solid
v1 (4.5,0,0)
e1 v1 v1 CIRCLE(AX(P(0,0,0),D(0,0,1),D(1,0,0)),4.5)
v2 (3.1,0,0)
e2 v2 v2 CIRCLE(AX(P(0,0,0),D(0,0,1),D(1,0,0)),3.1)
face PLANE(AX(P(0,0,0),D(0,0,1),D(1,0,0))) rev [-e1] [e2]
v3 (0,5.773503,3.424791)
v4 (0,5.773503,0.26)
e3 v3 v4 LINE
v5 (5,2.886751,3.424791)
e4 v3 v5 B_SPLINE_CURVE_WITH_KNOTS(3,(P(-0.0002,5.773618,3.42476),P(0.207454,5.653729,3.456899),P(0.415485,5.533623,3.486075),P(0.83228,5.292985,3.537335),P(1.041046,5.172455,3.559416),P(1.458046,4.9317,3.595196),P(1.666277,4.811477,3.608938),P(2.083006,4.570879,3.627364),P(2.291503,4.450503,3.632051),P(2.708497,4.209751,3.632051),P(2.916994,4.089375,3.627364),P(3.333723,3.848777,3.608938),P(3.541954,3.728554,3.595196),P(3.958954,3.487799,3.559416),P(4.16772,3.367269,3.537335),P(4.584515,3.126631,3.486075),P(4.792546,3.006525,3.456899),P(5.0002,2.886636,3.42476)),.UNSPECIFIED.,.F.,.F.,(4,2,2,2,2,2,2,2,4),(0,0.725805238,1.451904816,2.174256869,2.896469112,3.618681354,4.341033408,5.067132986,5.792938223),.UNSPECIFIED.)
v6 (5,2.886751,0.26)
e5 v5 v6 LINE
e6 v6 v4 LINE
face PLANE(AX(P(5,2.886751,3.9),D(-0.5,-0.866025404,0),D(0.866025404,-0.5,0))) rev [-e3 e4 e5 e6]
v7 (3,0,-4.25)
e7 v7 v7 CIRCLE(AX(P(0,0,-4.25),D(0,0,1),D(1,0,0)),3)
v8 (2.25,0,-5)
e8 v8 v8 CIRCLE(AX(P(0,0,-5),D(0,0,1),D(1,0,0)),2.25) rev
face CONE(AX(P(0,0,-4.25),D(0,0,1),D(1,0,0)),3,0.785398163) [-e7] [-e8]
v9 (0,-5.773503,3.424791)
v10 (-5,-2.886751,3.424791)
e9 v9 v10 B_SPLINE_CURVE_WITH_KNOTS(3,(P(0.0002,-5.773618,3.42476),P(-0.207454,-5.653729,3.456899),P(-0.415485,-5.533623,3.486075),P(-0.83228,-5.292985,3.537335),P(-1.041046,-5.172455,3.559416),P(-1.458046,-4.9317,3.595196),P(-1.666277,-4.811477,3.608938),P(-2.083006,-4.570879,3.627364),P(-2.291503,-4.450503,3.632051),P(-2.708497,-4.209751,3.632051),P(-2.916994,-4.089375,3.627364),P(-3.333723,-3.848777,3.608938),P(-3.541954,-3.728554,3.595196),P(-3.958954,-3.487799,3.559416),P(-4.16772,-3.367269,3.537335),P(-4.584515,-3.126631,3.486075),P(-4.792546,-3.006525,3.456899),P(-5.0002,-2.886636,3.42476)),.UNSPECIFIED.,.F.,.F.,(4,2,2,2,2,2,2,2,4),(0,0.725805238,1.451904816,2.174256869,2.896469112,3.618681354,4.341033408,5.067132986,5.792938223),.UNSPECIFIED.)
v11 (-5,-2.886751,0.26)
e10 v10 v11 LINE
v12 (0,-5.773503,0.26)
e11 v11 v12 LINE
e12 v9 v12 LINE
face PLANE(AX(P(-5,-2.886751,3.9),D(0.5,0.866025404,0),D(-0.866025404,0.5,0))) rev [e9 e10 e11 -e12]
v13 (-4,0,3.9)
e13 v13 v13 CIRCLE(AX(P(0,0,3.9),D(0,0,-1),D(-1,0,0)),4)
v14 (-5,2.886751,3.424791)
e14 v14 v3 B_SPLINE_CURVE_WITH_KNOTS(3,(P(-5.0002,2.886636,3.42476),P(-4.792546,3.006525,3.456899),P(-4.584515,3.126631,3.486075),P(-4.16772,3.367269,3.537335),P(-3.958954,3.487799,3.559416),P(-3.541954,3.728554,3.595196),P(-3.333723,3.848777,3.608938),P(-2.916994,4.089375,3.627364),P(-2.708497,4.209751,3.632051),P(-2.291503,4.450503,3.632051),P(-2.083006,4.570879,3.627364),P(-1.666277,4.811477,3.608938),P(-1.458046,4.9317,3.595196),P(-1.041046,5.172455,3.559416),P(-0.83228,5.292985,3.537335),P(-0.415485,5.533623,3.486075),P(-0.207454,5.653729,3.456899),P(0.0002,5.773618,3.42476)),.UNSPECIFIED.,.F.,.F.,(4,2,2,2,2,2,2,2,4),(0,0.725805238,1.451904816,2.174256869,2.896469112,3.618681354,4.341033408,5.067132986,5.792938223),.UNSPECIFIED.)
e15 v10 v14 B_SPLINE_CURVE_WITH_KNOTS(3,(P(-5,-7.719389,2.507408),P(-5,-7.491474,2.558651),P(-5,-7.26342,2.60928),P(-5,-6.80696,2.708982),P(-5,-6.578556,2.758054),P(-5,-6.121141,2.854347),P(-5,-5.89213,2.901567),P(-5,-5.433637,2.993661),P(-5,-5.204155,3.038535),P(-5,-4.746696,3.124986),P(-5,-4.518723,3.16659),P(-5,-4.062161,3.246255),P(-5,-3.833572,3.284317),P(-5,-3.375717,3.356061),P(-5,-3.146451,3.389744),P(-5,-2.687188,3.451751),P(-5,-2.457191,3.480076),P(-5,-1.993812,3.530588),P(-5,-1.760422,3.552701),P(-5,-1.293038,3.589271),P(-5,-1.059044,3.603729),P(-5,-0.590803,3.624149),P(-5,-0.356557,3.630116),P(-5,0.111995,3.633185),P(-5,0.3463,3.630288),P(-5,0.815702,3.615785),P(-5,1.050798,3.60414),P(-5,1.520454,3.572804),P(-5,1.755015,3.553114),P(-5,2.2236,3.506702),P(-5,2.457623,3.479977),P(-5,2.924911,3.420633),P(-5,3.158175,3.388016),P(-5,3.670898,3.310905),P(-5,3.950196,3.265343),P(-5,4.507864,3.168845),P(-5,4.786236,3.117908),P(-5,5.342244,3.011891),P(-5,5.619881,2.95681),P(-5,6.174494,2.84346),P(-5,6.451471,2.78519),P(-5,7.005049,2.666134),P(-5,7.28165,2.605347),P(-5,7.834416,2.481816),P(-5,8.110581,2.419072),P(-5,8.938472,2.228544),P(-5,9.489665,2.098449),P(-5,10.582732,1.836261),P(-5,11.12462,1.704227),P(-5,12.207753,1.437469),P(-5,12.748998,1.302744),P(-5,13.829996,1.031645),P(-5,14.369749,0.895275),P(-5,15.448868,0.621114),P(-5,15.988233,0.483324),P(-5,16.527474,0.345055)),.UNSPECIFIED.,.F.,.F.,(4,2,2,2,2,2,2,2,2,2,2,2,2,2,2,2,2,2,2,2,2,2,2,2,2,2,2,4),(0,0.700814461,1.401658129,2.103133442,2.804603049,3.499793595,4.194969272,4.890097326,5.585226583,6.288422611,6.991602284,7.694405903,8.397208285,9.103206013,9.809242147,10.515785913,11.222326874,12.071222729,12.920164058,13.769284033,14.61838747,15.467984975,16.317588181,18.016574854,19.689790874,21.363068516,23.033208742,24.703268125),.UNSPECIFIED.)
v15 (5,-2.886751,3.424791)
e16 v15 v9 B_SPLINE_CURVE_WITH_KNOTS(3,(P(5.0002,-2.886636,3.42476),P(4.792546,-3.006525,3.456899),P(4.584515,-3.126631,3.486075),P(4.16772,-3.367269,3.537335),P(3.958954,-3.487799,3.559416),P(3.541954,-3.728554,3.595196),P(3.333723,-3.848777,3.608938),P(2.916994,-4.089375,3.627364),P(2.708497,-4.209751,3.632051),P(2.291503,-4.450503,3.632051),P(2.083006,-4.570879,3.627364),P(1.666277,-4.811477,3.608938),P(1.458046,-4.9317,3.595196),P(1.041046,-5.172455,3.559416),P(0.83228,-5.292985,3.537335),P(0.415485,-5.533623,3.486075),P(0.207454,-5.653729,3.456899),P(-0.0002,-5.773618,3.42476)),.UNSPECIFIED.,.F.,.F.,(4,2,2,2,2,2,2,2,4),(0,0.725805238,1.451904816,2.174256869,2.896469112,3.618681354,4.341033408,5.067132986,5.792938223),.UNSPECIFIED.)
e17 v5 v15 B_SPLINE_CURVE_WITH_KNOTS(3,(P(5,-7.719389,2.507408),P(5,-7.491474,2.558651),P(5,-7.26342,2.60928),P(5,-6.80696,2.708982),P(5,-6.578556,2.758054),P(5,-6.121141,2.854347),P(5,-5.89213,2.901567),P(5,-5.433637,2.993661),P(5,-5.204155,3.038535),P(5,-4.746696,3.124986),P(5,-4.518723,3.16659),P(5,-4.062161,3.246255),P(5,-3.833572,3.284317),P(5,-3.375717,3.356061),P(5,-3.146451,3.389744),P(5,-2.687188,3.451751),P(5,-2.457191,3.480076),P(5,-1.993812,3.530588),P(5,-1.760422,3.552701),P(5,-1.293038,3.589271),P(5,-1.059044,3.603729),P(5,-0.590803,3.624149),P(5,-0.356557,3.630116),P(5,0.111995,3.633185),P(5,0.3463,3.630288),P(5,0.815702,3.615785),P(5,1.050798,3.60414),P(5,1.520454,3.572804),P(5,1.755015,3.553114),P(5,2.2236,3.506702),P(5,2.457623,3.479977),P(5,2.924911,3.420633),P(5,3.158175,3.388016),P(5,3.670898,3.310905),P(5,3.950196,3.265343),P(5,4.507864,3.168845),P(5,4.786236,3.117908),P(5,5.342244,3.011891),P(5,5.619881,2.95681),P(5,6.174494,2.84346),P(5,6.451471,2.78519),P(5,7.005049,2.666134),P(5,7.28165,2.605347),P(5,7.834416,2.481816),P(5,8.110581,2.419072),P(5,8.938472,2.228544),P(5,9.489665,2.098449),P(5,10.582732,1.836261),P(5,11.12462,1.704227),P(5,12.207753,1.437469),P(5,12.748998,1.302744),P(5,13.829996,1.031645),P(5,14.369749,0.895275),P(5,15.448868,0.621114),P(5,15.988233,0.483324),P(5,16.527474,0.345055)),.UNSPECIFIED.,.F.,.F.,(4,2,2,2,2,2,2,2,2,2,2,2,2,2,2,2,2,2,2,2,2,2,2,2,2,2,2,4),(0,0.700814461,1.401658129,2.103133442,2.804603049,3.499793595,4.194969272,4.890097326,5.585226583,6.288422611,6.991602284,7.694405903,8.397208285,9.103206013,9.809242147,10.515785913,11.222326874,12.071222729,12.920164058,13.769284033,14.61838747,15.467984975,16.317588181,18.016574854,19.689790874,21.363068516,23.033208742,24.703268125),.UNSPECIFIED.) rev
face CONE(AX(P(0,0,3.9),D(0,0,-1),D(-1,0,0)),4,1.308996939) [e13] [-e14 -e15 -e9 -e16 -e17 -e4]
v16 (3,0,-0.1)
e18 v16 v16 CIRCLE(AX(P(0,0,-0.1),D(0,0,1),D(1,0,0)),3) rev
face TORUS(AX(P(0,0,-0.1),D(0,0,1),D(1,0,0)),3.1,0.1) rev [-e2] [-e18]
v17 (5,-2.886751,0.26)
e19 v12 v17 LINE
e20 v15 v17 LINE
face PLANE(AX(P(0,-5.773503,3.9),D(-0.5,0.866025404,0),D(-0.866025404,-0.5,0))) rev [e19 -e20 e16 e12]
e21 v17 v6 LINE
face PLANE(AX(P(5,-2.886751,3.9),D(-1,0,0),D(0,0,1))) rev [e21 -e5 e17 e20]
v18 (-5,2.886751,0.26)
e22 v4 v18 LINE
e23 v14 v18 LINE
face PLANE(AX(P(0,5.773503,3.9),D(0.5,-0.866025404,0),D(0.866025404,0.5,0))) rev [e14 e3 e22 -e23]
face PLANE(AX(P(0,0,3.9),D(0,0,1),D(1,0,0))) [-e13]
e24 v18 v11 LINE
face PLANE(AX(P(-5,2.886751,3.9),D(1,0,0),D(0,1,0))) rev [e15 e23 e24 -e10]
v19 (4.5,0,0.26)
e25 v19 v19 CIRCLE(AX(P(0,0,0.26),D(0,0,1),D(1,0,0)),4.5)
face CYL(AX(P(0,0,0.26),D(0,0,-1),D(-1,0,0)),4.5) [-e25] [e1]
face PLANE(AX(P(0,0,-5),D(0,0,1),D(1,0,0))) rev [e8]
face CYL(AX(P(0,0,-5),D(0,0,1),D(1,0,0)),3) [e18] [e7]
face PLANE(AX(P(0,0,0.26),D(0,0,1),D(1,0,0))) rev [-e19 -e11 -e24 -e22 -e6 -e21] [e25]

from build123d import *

# Parameters (mm, degrees)
EXTRUDE_1_DEPTH     = 3.9
SKETCH_3_R          = 3
EXTRUDE_3_DEPTH     = 5
CHAMFER_1_SIZE      = 0.75
SKETCH_2_OUTSIDE_W  = 15.536
SKETCH_2_OUTSIDE_H  = 17.084
SKETCH_2_OUTSIDE_R  = 4.5
CUT_EXTRUDE_1_DEPTH = 0.26
FILLET_1_R          = 0.1


with BuildPart() as part:
    # 草图1 → 凸台-拉伸1 (new body)
    with BuildSketch(Plane.XY):
        Polygon((0, 5.773502692), (-5, 2.886751346), (-5, -2.886751346), (0, -5.773502692), (5, -2.886751346), (5, 2.886751346), align=None)
    extrude(amount=EXTRUDE_1_DEPTH)

    # 草图3 → 凸台-拉伸3 (add)
    with BuildSketch(Plane.XY):
        Circle(SKETCH_3_R)
    extrude(amount=-EXTRUDE_3_DEPTH)

    # 草图4 → 切除-旋转1 (revolve, cut)
    with BuildSketch(Plane(origin=(0, 0, 0), x_dir=(0, 0, -1), z_dir=(1, 0, 0))):
        Polygon((-3.9, 20), (-3.9, 4), (0.387187079, 20), align=None)
    revolve(axis=Axis((0, 0, -2.242017917), (0, 0, 1)), mode=Mode.SUBTRACT)

    # 倒角1
    chamfer_1_edges = [part.edges().sort_by_distance(p)[0] for p in [
        (-3, 0, -5),
    ]]
    chamfer(chamfer_1_edges, length=CHAMFER_1_SIZE)

    # 草图2 outside → 切除-拉伸1 (cut)
    with BuildSketch(Plane.XY):
        Rectangle(SKETCH_2_OUTSIDE_W, SKETCH_2_OUTSIDE_H)
        Circle(SKETCH_2_OUTSIDE_R, mode=Mode.SUBTRACT)
    extrude(amount=CUT_EXTRUDE_1_DEPTH, mode=Mode.SUBTRACT)

    # 圆角1
    fillet_1_edges = [part.edges().sort_by_distance(p)[0] for p in [
        (-3, 0, 0),
    ]]
    fillet(fillet_1_edges, radius=FILLET_1_R)


solid = part.part
